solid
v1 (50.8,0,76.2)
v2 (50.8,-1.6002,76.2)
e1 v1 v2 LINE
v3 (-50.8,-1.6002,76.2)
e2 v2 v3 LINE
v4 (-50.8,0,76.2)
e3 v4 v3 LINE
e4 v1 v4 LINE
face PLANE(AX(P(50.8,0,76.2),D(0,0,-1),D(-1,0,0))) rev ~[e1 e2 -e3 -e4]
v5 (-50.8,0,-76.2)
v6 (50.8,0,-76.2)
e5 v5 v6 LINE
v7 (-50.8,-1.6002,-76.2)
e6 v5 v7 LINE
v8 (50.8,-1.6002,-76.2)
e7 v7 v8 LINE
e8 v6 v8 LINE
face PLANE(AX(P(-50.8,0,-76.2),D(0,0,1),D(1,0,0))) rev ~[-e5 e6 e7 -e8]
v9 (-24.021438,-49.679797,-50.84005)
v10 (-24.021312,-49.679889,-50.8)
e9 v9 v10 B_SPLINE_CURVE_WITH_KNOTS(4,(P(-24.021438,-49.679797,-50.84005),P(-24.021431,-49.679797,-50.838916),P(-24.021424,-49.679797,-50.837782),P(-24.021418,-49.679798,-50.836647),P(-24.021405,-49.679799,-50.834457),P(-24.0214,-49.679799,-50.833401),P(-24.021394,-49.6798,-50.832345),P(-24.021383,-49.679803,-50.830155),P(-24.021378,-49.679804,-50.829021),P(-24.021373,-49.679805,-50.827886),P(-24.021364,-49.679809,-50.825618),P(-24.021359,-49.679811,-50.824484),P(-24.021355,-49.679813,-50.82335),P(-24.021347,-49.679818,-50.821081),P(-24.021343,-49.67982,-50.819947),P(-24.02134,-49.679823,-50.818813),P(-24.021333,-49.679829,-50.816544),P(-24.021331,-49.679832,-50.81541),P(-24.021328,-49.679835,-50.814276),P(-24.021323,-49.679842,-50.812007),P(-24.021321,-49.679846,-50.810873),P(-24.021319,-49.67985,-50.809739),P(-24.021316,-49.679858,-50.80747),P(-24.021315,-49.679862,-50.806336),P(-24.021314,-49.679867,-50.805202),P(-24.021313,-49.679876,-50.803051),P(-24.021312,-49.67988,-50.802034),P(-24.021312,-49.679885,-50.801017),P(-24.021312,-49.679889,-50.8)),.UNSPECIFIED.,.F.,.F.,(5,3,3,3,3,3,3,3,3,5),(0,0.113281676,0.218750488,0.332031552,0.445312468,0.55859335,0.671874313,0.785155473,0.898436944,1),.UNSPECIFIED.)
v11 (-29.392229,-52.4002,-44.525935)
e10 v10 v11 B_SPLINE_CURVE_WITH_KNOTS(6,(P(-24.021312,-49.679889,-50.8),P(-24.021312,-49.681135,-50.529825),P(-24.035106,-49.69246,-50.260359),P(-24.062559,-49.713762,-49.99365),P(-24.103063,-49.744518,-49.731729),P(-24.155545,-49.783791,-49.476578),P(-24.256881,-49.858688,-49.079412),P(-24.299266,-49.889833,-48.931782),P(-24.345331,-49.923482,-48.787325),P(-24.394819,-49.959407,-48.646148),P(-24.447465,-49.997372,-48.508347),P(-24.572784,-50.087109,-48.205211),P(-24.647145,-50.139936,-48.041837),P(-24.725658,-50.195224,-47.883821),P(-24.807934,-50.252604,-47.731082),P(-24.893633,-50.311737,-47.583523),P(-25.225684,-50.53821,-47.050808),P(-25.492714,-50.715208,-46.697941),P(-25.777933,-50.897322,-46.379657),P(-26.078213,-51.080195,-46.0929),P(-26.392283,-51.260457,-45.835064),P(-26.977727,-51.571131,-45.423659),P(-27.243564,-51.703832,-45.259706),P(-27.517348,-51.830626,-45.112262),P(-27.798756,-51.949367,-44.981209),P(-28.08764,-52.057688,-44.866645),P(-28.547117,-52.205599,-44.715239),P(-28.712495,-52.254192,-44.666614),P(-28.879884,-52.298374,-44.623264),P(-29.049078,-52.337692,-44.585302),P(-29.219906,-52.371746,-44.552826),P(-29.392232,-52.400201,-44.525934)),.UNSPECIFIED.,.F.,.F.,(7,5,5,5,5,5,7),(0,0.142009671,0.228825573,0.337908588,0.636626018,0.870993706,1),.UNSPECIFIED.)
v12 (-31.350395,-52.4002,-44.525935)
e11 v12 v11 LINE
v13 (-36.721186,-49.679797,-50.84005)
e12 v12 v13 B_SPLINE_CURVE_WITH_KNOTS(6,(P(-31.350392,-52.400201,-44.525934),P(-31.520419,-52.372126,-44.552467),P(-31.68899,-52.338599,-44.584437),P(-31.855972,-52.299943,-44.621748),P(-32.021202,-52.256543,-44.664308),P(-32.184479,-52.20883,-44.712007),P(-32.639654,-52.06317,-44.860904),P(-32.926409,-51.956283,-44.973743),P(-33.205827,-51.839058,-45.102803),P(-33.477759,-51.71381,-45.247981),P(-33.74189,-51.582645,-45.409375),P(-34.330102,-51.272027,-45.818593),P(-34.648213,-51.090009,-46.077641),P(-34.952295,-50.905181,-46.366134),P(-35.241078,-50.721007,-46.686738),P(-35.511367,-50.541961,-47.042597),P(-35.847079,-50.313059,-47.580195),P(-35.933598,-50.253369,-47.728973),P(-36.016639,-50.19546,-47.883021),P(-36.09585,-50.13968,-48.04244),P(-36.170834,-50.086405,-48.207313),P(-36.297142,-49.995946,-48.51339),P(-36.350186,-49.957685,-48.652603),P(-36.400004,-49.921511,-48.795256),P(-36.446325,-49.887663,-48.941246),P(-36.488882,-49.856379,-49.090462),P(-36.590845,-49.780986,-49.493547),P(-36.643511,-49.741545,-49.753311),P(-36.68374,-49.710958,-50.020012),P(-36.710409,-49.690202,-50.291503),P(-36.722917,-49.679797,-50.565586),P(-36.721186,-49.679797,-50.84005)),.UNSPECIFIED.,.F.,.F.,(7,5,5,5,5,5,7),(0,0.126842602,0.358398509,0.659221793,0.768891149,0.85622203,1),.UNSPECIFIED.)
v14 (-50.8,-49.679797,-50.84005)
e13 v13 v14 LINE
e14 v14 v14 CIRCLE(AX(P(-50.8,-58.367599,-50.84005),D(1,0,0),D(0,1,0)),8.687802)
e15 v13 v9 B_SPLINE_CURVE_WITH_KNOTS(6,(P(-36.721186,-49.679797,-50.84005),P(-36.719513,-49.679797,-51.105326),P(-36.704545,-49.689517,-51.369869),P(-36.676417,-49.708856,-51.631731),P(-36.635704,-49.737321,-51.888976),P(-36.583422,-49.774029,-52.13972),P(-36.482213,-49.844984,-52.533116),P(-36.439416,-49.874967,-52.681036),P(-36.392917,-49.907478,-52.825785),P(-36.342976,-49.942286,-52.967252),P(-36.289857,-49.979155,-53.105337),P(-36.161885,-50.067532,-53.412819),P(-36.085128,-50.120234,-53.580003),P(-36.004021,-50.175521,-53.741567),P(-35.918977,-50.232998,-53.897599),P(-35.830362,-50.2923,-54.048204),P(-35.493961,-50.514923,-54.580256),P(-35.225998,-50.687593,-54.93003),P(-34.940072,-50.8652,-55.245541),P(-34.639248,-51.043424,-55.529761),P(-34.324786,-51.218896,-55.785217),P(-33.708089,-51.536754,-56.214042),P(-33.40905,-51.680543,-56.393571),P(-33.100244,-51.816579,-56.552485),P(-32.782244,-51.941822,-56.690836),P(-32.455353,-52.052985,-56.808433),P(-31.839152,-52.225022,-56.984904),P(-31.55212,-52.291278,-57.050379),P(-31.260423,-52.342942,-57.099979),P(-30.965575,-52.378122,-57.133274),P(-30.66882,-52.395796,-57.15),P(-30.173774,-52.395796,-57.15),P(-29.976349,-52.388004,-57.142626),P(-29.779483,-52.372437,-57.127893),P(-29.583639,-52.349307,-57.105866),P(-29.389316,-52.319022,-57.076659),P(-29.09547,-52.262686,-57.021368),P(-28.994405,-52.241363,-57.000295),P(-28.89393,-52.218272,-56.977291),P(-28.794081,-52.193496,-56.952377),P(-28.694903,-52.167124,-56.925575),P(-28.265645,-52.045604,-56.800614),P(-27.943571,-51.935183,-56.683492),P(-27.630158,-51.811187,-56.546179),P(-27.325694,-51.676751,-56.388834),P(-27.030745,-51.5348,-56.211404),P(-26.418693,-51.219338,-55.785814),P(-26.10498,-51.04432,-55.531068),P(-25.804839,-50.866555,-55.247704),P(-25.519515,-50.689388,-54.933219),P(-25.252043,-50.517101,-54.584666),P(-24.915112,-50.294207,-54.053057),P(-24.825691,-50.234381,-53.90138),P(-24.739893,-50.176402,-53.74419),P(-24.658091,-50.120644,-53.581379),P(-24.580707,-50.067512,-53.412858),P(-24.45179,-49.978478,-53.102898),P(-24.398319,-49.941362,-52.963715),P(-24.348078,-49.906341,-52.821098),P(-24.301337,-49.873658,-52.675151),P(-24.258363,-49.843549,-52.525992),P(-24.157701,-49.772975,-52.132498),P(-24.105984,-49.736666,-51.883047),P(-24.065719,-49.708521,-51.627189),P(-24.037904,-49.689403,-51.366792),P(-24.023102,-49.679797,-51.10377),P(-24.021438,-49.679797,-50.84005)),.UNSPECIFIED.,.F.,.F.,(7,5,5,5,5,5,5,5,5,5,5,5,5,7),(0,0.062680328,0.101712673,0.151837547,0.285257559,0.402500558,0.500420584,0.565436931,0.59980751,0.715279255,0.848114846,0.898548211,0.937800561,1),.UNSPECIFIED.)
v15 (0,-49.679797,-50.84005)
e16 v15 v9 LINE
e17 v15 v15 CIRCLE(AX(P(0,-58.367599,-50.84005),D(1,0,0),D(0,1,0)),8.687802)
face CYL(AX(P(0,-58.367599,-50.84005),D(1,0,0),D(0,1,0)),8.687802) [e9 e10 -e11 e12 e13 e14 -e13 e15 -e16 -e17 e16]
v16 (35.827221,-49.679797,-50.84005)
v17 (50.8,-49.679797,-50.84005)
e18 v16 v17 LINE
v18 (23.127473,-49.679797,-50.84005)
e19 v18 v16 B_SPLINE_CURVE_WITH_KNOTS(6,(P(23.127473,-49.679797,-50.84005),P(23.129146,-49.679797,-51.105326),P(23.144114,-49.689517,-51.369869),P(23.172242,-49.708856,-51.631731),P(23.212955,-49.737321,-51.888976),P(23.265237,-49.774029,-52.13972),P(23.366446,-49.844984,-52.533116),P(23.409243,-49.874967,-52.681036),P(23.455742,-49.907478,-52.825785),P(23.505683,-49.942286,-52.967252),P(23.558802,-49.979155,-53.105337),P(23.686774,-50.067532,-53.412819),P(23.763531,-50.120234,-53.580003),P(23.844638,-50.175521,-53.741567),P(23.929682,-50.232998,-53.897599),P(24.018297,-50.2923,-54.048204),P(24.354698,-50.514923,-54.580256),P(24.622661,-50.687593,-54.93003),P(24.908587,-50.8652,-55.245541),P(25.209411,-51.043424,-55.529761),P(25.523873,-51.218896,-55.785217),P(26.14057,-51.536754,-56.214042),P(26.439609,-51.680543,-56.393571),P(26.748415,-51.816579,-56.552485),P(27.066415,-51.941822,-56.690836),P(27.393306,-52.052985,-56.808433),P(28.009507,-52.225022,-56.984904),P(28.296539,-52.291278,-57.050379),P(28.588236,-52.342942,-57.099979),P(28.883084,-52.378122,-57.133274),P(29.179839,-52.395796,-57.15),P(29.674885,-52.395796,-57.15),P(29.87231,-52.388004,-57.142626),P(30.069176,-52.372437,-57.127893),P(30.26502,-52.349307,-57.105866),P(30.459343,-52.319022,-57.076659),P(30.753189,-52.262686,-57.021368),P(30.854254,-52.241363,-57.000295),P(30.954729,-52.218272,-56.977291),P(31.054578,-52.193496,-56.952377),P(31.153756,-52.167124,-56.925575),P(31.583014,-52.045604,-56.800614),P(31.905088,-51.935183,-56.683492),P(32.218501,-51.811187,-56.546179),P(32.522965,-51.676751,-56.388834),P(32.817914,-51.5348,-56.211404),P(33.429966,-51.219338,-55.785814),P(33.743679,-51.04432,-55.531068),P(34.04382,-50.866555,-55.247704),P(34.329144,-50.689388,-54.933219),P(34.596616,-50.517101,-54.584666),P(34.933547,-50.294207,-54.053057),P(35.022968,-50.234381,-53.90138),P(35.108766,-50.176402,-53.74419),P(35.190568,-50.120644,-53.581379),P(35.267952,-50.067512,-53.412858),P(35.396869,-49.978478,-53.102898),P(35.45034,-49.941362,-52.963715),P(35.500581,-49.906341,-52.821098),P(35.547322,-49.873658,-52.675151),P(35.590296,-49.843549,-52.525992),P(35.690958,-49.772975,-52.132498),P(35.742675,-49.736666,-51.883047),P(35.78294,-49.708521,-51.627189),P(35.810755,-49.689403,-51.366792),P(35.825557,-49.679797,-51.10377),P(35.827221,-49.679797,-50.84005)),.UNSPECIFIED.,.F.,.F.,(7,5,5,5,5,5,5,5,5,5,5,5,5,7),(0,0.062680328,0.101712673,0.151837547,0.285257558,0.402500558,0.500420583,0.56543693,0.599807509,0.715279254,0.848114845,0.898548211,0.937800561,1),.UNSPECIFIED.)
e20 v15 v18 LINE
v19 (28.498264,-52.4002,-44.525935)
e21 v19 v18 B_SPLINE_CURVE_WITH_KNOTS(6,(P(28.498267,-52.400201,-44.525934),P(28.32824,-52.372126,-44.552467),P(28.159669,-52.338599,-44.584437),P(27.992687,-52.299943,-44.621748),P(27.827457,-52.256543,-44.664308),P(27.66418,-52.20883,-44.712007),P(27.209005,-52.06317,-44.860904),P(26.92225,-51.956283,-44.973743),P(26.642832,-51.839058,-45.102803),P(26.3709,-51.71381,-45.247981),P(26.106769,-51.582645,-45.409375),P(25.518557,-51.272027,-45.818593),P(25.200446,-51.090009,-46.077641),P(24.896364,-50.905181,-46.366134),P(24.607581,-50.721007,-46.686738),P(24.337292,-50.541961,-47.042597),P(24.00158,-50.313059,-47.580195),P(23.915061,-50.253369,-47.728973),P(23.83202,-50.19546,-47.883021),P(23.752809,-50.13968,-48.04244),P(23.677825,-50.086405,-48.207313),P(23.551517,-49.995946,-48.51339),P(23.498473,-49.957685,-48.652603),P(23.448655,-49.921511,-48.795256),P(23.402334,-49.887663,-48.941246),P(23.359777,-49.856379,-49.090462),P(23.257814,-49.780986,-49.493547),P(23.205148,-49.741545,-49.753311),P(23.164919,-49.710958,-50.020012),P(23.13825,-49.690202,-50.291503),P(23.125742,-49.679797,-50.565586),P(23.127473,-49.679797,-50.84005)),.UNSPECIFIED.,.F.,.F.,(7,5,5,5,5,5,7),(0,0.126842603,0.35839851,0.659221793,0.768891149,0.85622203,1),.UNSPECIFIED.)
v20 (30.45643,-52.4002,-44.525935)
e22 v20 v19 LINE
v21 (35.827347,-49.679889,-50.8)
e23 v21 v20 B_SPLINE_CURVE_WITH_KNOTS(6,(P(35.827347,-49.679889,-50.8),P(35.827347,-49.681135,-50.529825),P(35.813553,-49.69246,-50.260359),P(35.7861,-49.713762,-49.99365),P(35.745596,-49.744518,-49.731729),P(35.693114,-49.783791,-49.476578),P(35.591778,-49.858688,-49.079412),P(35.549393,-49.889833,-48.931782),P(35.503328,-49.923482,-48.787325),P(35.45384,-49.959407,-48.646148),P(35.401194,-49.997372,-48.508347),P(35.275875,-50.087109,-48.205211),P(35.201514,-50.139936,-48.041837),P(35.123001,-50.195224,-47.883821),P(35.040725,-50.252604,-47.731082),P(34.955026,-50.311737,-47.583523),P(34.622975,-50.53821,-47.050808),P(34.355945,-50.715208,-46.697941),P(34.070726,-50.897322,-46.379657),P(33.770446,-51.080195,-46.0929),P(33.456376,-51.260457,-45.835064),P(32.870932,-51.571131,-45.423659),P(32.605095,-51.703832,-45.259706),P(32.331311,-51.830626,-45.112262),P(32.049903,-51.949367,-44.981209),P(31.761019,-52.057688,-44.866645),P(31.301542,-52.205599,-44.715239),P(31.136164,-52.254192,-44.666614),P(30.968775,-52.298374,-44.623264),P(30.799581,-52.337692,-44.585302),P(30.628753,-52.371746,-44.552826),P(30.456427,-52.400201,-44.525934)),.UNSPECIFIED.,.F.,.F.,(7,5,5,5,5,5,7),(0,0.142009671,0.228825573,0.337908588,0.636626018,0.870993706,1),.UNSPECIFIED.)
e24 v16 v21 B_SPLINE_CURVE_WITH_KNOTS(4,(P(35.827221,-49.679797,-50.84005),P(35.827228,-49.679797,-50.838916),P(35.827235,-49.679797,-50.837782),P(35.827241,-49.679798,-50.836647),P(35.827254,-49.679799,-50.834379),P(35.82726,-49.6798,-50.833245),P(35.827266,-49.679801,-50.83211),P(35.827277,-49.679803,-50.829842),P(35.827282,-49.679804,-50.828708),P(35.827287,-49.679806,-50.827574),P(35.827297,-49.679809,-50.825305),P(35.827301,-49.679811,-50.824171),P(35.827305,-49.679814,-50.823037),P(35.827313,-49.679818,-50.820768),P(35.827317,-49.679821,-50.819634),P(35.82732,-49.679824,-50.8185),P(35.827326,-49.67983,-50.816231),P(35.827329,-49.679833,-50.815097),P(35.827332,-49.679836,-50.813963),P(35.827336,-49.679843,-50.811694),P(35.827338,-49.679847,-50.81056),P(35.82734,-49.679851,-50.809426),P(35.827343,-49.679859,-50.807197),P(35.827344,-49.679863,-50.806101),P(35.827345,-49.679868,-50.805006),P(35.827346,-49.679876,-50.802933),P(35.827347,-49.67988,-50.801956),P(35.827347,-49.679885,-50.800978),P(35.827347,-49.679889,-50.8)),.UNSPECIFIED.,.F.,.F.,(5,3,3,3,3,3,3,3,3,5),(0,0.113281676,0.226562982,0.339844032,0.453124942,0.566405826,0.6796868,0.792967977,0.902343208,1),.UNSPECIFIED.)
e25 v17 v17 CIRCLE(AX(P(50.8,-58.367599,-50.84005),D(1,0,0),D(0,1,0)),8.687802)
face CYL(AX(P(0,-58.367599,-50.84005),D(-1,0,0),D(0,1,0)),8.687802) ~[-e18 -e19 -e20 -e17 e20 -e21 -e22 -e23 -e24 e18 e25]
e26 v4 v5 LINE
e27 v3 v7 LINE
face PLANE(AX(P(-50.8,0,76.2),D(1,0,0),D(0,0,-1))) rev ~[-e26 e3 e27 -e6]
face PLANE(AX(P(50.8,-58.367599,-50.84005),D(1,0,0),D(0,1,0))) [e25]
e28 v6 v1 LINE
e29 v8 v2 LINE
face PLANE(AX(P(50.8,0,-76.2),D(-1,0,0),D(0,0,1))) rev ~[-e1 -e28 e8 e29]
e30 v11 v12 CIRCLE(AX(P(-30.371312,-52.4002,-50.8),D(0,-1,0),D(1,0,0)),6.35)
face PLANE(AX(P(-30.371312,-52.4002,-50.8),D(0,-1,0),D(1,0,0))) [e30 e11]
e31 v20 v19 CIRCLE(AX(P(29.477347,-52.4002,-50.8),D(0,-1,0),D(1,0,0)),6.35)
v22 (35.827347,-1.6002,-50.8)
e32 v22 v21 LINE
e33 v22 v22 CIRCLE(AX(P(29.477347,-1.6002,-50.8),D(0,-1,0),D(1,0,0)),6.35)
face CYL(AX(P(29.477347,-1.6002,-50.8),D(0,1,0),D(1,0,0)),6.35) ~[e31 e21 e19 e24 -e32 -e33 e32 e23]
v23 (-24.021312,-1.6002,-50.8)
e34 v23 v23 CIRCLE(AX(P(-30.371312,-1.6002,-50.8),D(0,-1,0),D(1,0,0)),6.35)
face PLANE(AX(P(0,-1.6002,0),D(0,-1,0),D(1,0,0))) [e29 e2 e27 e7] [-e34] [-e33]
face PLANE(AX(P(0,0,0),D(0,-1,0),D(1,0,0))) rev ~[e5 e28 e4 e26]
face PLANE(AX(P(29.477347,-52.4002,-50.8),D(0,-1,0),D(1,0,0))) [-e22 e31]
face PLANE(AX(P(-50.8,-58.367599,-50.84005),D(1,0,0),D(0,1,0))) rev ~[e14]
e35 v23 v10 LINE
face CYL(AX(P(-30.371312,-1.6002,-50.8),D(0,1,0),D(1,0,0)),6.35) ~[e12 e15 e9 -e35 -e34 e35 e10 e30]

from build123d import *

# Parameters (mm, degrees)
F1_DEPTH      = 1.6002
F2_R          = 6.35
F3_DEPTH      = 50.8
F4_R          = 8.687802
F5_DEPTH      = 50.8
F5_DEPTH_BACK = 50.8


with BuildPart() as f1:
    # F0 (on Front) → F1 (new body)
    with BuildSketch(Plane.XZ):
        Polygon((0, 76.2), (-50.8, 76.2), (-50.8, 0), (-50.8, -76.2), (0, -76.2), (50.8, -76.2), (50.8, 0), (50.8, 76.2), align=None)
    extrude(amount=F1_DEPTH)

    # F2 (on face) → F3 (join)
    with BuildSketch(Plane.XZ.offset(1.6002)):
        with Locations((-30.371312, -50.8)):
            Circle(F2_R)
        with Locations((29.477347, -50.8)):
            Circle(F2_R)
    extrude(amount=F3_DEPTH)

    # F4 (on Right) → F5 (join, two sides)
    with BuildSketch(Plane.YZ) as f5_sk:
        with Locations((-58.367599, -50.84005)):
            Circle(F4_R)
    extrude(amount=F5_DEPTH)
    extrude(f5_sk.sketch, amount=-F5_DEPTH_BACK)


solid = f1.part
